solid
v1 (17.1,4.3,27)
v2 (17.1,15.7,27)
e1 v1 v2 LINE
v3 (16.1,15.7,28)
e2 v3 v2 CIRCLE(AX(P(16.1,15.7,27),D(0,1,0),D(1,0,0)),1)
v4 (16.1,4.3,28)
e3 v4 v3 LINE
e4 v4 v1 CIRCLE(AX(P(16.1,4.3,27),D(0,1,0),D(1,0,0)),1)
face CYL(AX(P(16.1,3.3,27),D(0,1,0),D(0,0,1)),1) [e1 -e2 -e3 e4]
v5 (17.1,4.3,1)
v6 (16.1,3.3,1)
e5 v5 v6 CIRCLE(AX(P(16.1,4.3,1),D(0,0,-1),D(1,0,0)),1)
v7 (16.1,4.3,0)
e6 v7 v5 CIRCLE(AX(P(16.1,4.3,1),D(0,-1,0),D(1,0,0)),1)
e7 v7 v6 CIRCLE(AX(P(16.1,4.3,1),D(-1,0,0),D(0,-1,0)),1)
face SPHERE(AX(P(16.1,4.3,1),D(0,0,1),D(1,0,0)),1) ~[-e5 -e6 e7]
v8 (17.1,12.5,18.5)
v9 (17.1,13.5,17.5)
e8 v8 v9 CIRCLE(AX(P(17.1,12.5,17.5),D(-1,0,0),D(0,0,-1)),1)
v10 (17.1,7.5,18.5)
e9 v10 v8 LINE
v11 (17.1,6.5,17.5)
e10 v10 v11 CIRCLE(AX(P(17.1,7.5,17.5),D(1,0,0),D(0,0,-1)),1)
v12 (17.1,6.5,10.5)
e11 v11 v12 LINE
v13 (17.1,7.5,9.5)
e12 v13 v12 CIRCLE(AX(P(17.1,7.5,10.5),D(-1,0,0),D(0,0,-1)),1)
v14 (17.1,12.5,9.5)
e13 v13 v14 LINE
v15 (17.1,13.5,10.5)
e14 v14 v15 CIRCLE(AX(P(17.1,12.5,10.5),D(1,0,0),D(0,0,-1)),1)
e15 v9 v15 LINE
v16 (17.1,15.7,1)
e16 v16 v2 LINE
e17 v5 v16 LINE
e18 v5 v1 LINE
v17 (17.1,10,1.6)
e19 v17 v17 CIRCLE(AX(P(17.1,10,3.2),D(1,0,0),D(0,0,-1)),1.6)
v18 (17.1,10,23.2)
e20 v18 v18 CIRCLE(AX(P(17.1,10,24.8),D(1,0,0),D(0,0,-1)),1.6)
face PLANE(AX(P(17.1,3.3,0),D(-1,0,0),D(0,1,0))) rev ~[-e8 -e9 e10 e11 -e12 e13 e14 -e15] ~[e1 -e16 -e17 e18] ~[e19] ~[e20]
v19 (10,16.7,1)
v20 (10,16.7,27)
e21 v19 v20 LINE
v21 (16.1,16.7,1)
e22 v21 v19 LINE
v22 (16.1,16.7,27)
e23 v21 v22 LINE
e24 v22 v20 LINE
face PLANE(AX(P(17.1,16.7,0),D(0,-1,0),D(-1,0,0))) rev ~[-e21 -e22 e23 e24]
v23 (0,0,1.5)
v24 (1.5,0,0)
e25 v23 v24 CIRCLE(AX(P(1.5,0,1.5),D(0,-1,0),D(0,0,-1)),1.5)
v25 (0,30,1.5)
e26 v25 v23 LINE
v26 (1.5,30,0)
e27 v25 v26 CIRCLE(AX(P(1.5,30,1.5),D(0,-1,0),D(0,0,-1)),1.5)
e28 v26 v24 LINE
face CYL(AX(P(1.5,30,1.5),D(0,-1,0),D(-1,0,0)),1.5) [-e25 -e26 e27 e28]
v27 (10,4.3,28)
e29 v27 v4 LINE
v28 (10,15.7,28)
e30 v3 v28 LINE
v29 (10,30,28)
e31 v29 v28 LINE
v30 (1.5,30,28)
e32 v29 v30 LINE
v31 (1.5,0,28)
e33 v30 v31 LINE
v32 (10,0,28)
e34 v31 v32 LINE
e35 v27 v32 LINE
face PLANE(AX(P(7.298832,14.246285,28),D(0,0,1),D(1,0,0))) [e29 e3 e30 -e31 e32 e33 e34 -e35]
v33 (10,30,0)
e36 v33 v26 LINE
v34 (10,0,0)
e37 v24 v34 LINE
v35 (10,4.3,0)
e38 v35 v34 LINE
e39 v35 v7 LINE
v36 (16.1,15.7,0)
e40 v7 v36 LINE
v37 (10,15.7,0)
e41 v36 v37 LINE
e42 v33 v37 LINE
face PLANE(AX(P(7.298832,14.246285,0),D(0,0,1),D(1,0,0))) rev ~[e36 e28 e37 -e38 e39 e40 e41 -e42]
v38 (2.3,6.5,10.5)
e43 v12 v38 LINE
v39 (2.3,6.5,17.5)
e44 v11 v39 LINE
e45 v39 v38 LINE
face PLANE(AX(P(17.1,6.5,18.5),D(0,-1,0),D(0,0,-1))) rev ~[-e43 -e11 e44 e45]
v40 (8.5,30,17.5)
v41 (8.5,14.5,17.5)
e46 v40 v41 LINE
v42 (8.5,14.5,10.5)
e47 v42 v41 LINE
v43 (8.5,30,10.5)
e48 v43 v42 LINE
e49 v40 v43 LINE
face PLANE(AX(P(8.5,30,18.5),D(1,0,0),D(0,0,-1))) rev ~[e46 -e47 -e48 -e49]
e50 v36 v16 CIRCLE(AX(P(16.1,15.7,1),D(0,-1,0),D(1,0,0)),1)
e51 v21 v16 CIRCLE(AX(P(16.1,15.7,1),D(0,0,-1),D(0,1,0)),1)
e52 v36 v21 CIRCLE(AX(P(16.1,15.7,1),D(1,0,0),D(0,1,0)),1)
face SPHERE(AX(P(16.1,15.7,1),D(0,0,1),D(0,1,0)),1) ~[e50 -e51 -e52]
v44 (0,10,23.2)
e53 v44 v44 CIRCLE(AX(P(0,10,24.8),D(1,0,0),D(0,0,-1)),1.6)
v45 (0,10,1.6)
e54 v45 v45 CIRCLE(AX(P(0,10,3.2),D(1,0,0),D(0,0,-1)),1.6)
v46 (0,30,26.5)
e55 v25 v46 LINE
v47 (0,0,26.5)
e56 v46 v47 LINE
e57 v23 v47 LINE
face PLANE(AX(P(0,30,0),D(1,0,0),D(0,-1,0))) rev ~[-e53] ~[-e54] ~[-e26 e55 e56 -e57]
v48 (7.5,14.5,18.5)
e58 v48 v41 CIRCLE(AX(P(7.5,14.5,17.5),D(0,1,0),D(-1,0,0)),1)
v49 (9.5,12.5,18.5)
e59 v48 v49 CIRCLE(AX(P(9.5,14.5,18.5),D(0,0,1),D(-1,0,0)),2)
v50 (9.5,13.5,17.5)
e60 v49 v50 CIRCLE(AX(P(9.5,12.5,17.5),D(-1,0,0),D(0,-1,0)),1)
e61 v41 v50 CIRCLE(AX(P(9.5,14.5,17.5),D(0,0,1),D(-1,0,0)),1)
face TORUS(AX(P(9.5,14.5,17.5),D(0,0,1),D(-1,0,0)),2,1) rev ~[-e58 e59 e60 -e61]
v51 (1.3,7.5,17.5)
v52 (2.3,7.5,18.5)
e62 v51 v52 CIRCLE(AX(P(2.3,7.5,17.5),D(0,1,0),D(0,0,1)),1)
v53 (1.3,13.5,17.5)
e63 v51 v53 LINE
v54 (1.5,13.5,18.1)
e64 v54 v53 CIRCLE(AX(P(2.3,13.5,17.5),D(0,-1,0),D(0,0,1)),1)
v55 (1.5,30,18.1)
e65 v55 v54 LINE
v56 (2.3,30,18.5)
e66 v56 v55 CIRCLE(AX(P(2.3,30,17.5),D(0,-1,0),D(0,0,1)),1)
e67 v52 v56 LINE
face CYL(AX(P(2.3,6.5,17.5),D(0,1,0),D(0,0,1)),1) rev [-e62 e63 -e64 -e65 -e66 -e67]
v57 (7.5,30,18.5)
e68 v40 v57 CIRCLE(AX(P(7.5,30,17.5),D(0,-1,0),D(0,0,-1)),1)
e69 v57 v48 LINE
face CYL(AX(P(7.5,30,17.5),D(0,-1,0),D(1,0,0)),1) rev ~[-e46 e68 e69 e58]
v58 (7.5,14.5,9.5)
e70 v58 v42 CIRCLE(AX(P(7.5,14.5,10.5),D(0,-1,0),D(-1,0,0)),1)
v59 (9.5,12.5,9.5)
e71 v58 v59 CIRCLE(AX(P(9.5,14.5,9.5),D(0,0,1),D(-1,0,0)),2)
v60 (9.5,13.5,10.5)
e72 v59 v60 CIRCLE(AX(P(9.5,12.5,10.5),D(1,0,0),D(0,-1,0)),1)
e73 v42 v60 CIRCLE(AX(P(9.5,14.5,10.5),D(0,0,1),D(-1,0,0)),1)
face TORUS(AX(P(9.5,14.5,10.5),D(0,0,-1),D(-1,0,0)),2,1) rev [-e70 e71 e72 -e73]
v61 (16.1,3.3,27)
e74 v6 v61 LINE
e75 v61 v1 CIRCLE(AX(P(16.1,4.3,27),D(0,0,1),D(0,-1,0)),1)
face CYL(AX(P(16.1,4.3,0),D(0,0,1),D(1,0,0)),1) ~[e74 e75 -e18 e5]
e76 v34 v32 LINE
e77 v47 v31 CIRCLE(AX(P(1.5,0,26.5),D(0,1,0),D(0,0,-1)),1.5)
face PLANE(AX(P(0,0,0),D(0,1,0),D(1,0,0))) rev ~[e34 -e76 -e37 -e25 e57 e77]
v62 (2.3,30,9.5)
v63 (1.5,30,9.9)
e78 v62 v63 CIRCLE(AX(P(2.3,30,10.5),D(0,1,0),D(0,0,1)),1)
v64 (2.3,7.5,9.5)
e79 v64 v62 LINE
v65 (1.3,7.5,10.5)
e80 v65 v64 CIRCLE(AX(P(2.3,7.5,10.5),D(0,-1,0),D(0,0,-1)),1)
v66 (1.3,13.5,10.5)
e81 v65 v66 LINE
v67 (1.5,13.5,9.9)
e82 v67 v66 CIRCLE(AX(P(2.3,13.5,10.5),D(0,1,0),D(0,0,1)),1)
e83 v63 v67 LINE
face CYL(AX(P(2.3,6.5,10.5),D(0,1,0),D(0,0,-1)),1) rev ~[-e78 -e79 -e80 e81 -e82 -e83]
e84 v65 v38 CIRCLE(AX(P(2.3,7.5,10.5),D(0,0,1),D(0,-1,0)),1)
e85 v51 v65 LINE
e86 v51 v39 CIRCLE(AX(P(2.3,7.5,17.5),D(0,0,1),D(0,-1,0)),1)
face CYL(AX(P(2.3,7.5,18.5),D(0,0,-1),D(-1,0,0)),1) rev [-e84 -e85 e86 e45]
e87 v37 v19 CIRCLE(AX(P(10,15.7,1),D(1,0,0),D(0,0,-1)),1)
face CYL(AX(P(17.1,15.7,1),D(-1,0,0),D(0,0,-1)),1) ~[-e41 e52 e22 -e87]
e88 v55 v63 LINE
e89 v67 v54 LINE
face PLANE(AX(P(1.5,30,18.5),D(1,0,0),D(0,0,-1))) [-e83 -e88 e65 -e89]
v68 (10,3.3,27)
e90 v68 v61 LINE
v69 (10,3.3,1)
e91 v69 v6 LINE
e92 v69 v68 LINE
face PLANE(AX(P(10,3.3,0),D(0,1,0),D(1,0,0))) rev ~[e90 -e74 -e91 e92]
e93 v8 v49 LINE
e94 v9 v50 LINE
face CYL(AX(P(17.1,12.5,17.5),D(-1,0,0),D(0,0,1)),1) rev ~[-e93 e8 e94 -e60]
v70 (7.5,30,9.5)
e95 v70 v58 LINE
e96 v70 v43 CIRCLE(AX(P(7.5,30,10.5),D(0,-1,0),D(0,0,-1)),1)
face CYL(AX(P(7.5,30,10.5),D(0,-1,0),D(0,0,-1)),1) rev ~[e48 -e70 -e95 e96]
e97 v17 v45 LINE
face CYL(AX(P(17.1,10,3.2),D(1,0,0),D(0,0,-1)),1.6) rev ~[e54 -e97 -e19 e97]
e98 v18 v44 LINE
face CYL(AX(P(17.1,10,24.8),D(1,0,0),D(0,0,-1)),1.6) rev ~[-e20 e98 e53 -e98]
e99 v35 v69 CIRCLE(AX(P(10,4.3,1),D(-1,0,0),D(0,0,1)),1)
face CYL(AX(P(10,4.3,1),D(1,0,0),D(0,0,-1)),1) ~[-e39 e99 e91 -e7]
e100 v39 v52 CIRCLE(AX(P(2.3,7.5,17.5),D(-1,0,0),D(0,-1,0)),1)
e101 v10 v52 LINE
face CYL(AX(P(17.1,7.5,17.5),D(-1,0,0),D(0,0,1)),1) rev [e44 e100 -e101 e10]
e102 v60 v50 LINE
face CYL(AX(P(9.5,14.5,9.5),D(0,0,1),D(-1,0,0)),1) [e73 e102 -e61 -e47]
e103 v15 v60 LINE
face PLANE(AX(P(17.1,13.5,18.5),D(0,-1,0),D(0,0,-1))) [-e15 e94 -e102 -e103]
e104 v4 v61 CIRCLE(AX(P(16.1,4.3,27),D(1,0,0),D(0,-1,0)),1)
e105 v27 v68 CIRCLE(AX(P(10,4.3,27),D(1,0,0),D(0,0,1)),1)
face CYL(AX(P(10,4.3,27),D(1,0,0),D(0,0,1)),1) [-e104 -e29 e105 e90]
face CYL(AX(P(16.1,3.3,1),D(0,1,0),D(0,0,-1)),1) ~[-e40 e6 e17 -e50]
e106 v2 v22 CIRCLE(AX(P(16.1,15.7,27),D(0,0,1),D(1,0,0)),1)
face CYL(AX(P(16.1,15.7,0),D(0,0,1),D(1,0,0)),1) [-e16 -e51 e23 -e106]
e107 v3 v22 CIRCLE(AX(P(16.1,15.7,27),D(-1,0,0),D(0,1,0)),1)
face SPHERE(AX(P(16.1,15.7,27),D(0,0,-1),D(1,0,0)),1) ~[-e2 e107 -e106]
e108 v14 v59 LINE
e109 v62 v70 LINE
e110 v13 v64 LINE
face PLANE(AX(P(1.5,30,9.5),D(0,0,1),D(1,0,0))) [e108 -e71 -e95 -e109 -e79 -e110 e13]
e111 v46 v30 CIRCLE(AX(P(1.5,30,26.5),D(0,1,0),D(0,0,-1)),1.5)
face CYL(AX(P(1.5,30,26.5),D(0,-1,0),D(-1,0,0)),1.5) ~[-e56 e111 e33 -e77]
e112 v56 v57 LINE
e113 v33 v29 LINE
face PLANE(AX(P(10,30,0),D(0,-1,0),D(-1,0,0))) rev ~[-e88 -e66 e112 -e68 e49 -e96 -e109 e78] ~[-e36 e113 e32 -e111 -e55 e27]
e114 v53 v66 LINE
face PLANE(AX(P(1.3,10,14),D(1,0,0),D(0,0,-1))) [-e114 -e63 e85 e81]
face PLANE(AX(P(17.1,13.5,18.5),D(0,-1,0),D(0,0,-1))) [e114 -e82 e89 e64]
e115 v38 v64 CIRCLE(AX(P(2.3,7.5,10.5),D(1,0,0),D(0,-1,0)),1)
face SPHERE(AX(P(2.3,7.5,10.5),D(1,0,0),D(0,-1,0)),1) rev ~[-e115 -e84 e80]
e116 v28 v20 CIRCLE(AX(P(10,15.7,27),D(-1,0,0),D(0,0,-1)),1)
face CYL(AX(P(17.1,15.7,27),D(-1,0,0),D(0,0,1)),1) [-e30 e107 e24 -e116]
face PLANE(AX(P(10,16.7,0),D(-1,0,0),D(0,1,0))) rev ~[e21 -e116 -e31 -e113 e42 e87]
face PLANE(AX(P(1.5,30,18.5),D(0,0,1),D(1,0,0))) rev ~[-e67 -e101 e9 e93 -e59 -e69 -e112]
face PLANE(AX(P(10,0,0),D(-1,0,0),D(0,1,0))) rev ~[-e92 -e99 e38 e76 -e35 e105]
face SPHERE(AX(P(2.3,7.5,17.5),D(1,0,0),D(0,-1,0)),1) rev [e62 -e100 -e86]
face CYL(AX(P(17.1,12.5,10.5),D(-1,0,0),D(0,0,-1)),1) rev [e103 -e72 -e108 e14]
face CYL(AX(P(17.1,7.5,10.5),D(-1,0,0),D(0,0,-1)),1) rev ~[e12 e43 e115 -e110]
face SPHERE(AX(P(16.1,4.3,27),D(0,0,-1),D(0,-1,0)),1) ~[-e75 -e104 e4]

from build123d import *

# Parameters (mm, degrees)
EXTRUDE_1_DEPTH          = 28
SKETCH_2_R               = 1.6
CUT_EXTRUDE_1_DEPTH      = 1
CUT_EXTRUDE_1_DEPTH_BACK = 18.1
SKETCH_4_W               = 9
SKETCH_4_H               = 7
CUT_EXTRUDE_2_DEPTH      = 15.8
SKETCH_5_W               = 7
SKETCH_5_H               = 9
CUT_EXTRUDE_3_DEPTH      = 23
FILLET_1_R               = 1.5
FILLET_2_R               = 1
FILLET_3_R               = 1


with BuildPart() as part:
    # 草图1 → 凸台-拉伸1 (new body)
    with BuildSketch(Plane.XY):
        Polygon((0, 30), (0, 0), (10, 0), (10, 3.3), (17.1, 3.3), (17.1, 16.7), (10, 16.7), (10, 30), align=None)
    extrude(amount=EXTRUDE_1_DEPTH)

    # 草图2 → 切除-拉伸1 (cut, two sides)
    with BuildSketch(Plane(origin=(17.1, 0, 0), x_dir=(0, 0, -1), z_dir=(1, 0, 0))) as cut_extrude_1_sk:
        with Locations((-24.8, 10)):
            Circle(SKETCH_2_R)
        with Locations((-3.2, 10)):
            Circle(SKETCH_2_R)
    extrude(amount=CUT_EXTRUDE_1_DEPTH, mode=Mode.SUBTRACT)
    extrude(cut_extrude_1_sk.sketch, amount=-CUT_EXTRUDE_1_DEPTH_BACK, mode=Mode.SUBTRACT)

    # 草图4 → 切除-拉伸2 (cut)
    with BuildSketch(Plane(origin=(17.1, 0, 0), x_dir=(0, 0, -1), z_dir=(1, 0, 0))):
        with Locations((-14, 10)):
            Rectangle(SKETCH_4_W, SKETCH_4_H)
    extrude(amount=-CUT_EXTRUDE_2_DEPTH, mode=Mode.SUBTRACT)

    # 草图5 → 切除-拉伸3 (cut)
    with BuildSketch(Plane(origin=(0, 30, 0), x_dir=(1, 0, 0), z_dir=(0, 1, 0))):
        with Locations((5, -14)):
            Rectangle(SKETCH_5_W, SKETCH_5_H)
    extrude(amount=-CUT_EXTRUDE_3_DEPTH, mode=Mode.SUBTRACT)

    # 圆角1
    fillet_1_edges = [part.edges().sort_by_distance(p)[0] for p in [
        (0, 15, 0),
        (0, 15, 28),
    ]]
    fillet(fillet_1_edges, radius=FILLET_1_R)

    # 圆角2
    fillet_2_edges = [part.edges().sort_by_distance(p)[0] for p in [
        (8.5, 13.5, 14),
        (8.5, 21.75, 18.5),
        (8.5, 21.75, 9.5),
        (12.8, 13.5, 18.5),
        (12.8, 13.5, 9.5),
        (9.2, 6.5, 9.5),
        (9.2, 6.5, 18.5),
        (1.3, 6.5, 14),
        (1.3, 10, 18.5),
        (1.3, 10, 9.5),
    ]]
    fillet(fillet_2_edges, radius=FILLET_2_R)

    # 圆角3
    fillet_3_edges = [part.edges().sort_by_distance(p)[0] for p in [
        (17.1, 16.7, 14),
        (17.1, 3.3, 14),
        (13.55, 3.3, 28),
        (17.1, 10, 28),
        (13.55, 16.7, 28),
        (13.55, 16.7, 0),
        (17.1, 10, 0),
        (13.55, 3.3, 0),
    ]]
    fillet(fillet_3_edges, radius=FILLET_3_R)


solid = part.part
